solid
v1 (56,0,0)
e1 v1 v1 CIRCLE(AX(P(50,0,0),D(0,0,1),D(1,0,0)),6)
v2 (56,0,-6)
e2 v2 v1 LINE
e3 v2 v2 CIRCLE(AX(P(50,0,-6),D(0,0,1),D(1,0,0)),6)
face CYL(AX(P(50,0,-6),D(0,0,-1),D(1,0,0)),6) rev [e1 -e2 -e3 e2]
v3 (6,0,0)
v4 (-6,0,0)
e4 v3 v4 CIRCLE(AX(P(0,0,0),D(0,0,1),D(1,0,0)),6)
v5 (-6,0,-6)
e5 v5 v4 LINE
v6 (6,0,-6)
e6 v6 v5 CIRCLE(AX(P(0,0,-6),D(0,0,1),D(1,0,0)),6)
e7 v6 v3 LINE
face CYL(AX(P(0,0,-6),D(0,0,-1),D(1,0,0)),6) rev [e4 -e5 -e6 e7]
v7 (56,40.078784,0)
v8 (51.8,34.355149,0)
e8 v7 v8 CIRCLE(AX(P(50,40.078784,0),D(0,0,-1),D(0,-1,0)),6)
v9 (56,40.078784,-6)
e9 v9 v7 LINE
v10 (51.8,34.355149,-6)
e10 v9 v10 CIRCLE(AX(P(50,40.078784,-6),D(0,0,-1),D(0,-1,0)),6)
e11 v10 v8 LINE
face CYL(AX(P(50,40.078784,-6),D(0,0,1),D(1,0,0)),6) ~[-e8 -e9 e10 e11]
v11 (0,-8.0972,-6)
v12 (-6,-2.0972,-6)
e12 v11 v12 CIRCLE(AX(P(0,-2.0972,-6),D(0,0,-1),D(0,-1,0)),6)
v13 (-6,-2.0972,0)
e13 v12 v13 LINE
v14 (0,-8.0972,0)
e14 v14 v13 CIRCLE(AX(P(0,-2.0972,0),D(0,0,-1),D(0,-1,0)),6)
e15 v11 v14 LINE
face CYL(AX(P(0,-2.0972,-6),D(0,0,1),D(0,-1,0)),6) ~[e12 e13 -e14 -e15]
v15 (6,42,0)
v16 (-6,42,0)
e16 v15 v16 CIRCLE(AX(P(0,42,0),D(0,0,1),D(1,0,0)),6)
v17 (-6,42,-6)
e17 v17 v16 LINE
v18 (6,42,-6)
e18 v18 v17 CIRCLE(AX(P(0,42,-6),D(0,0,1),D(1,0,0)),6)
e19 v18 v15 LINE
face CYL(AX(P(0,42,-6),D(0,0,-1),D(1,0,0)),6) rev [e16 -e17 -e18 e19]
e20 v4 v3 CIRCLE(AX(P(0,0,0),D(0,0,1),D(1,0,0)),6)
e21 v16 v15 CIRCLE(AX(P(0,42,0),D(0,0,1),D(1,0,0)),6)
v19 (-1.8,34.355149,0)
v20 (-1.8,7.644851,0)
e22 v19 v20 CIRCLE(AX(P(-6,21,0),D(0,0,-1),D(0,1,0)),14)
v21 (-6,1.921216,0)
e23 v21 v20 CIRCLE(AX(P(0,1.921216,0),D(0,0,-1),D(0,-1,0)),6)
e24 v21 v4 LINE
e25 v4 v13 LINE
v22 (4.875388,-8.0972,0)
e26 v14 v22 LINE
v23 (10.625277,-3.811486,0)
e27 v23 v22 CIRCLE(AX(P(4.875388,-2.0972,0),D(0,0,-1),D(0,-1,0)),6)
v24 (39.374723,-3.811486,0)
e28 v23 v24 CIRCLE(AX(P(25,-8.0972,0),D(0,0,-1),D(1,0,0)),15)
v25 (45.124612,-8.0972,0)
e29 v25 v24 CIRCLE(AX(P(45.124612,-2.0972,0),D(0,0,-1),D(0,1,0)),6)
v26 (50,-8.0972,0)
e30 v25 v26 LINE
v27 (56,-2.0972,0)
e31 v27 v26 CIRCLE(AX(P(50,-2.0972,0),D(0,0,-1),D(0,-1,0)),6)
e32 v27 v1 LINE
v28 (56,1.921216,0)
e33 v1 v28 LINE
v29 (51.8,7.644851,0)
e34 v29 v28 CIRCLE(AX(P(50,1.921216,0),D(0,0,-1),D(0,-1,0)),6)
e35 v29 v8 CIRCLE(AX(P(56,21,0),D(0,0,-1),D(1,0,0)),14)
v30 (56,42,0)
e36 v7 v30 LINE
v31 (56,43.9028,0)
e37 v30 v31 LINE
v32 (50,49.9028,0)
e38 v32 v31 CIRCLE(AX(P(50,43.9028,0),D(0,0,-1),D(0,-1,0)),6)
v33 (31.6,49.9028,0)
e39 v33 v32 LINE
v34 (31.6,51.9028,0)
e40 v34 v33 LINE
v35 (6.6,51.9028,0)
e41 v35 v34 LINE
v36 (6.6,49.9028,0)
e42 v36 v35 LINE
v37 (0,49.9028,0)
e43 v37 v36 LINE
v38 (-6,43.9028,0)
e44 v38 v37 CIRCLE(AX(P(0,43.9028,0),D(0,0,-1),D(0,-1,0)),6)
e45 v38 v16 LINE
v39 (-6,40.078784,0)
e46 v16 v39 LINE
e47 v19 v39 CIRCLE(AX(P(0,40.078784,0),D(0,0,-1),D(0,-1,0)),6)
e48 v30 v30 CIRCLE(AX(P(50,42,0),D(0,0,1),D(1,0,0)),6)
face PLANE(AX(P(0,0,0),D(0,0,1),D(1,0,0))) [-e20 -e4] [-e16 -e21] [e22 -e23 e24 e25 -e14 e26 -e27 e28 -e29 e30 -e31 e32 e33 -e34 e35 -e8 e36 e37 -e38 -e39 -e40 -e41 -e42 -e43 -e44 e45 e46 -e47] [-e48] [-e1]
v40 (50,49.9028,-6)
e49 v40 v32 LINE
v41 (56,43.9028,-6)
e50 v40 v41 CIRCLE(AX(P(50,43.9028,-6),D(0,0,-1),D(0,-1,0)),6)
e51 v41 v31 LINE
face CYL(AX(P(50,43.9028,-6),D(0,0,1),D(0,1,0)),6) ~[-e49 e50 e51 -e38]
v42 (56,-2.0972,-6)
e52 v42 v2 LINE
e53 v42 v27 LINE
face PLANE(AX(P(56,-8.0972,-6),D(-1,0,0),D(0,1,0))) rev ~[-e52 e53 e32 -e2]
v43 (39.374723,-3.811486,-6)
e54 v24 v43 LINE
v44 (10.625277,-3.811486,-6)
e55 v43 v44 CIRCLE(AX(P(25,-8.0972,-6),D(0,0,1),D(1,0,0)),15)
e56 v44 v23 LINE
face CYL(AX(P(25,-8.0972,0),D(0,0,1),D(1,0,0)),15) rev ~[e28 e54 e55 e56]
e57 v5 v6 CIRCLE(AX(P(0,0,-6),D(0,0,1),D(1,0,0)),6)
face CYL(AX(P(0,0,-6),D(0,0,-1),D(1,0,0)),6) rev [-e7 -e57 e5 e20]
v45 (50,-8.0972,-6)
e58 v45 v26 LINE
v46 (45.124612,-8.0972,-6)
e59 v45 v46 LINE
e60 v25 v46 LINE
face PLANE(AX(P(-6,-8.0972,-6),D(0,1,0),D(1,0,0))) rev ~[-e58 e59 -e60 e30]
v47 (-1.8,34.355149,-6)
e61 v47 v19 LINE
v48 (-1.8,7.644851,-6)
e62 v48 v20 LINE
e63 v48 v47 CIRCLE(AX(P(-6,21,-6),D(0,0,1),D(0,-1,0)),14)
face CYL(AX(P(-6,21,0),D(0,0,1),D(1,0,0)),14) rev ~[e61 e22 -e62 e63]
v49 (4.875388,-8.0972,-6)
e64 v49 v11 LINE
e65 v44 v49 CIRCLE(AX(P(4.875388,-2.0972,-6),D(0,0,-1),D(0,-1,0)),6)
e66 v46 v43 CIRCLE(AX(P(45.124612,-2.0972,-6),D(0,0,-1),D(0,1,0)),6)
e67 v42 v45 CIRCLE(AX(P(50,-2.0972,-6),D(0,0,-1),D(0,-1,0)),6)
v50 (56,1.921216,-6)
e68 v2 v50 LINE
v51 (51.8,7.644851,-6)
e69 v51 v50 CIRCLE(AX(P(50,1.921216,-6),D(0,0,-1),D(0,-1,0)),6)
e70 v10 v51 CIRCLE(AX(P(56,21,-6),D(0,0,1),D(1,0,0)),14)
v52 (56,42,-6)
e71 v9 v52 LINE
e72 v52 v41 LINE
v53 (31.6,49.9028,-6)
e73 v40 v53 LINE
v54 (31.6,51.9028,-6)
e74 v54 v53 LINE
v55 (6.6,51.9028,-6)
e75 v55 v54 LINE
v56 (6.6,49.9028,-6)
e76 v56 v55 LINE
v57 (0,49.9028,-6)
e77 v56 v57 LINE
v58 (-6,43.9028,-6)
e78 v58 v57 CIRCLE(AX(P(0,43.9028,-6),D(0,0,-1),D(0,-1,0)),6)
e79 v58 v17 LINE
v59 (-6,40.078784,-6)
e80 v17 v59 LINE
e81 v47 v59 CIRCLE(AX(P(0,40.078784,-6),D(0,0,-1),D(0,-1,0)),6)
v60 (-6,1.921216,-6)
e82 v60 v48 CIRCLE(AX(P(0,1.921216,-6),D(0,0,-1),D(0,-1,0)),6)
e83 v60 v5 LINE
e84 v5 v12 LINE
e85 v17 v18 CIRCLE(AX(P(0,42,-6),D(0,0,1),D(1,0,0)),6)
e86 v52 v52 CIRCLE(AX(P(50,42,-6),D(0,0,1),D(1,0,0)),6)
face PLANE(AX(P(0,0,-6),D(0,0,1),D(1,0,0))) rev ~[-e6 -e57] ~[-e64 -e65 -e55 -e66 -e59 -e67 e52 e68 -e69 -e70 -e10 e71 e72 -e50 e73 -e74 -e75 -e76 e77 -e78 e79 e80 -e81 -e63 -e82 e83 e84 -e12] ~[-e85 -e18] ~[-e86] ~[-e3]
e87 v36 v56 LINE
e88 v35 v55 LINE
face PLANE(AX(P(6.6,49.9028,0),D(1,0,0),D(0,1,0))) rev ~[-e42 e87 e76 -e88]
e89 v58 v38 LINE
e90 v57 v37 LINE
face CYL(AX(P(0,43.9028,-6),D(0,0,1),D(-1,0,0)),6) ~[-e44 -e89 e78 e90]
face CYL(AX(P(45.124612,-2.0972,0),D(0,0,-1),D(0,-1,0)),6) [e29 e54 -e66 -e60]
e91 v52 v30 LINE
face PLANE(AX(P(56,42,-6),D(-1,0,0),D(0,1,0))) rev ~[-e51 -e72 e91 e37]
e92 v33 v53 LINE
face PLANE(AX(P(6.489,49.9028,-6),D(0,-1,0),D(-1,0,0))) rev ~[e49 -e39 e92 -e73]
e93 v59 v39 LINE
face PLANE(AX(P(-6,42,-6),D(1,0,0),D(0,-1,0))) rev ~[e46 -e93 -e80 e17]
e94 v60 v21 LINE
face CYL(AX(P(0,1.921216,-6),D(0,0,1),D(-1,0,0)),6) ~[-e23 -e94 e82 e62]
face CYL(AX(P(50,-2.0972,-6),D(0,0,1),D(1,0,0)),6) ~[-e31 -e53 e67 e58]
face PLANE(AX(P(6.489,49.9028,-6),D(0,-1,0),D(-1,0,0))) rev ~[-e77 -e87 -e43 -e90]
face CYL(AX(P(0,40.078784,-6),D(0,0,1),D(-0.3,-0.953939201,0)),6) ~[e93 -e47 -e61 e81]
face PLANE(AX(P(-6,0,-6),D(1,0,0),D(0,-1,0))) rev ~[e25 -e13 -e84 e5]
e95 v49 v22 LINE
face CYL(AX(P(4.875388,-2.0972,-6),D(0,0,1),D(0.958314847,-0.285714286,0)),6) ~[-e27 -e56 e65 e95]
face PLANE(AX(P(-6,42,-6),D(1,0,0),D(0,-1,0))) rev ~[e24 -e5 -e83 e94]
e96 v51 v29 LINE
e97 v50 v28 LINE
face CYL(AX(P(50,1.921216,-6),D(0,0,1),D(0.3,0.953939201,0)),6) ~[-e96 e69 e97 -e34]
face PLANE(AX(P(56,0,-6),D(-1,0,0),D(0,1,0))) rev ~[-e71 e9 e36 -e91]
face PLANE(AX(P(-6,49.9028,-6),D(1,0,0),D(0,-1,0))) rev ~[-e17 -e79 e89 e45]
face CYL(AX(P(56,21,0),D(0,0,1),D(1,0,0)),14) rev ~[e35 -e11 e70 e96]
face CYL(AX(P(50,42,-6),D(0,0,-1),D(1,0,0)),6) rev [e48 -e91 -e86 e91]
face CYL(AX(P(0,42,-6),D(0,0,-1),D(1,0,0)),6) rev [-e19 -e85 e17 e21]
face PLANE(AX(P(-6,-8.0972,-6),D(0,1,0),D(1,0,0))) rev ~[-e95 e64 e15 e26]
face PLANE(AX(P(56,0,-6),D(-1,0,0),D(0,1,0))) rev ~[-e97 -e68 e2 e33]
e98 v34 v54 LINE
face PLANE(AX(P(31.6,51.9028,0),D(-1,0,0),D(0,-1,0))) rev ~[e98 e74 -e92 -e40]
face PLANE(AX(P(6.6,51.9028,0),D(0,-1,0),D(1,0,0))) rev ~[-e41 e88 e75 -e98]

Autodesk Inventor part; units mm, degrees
ref_plane "YZ Plane" through (0, 0, 0) normal (1, 0, 0) x (0, 1, 0)
ref_plane "XZ Plane" through (0, 0, 0) normal (0, 1, 0) x (-1, 0, 0)
ref_plane "Arbeitsebene1" through (0, 0, -6) normal (0, 0, 1) x (1, 0, 0)
sketch "Skizze1" plane through (0, 0, -6) normal (0, 0, 1) x (1, 0, 0)
  circle A0 centre (0, 42) radius 6 projected
  circle A1 centre (50, 42) radius 6 projected
  circle A2 centre (50, 0) radius 6 projected
  circle A3 centre (0, 0) radius 6 projected
  line L0 (6.489, 48.9995) -> (6.489, 49.9028) projected
  line L1 (6.489, 49.9028) -> (-6, 49.9028) projected
  line L2 (-6, 49.9028) -> (-6, -8.0972) projected
  line L3 (-6, -8.0972) -> (5.7305, -8.0972) projected
  line L4 (5.7305, -8.0972) -> (5.7305, -4.6433) projected
  line L5 (5.7305, -4.6433) -> (25.1643, -4.6433) projected
  line L6 (25.1643, -4.6433) -> (13.6183, -0.9927) projected
  line L7 (13.6183, -0.9927) -> (6.9629, 3.2) projected
  line L8 (6.9629, 3.2) -> (-0.5, 23.5649) projected
  line L9 (-0.5, 23.5649) -> (2.346, 34.9379) projected
  line L10 (2.346, 34.9379) -> (18.55, 40.876) projected
  line L11 (18.55, 40.876) -> (19.7446, 48.9995)
  line L12 (19.7446, 48.9995) -> (6.489, 48.9995) projected
  circle A4 centre (0, 42) radius 3.2 projected
  circle A5 centre (0, 0) radius 3.2 projected
  line L13 (-6, -8.0972) -> (56, -8.0972)
  line L14 (56, -8.0972) -> (56, 49.9028)
  line L15 (56, 49.9028) -> (-6, 49.9028)
  line L16 (-6, 49.9028) -> (-6, -8.0972)
  circle A6 centre (25, 19) radius 21 projected
  line L17 (22.1022, 54.5009) -> (31.9971, 38.8) construction
  line L18 (31.9971, 54.5009) -> (22.1022, 38.8) construction
  point P0 (0, 0)
extrude "Extrusion1" add sketch "Skizze1" along normal blind 6 contours L2 L1 L0 L12 L11 L10 L9 L8 L7 L6 L5 L4 L3 | L15 L14 L13 L4 L5 L6 L7 L8 L9 L10 L11 L12 L0 | A6
sketch "Skizze2" plane through (0, 0, 0) normal (0, 0, 1) x (1, 0, 0)
  circle A0 centre (0, 42) radius 6 projected
  circle A1 centre (0, 0) radius 6 projected
  line L0 (56, -8.0972) -> (56, 0) projected
  circle A2 centre (50, 0) radius 6 projected
  line L1 (56, 0) -> (56, 42) projected
  circle A3 centre (50, 42) radius 6 projected
  line L2 (56, 42) -> (56, 49.9028) projected
  line L3 (56, 49.9028) -> (-6, 49.9028) projected
  line L4 (-6, 42) -> (-6, 0) projected
  circle A4 centre (-6, 21) radius 14
  line L5 (56, 0) -> (56, 42) projected
  circle A5 centre (56, 21) radius 14
  line L6 (-6, -8.0972) -> (56, -8.0972) projected
  circle A6 centre (25, -8.0972) radius 15
  line L7 (-6, -8.0972) -> (56, -8.0972) projected
  line L8 (-6, 49.9028) -> (-6, 42) projected
  line L9 (-6, 42) -> (-6, 0) projected
  line L10 (-6, 0) -> (-6, -8.0972) projected
  point P0 (0, 0)
  dimension "d3" = 28
  dimension "d4" = 28
  dimension "d5" = 30
extrude "Extrusion2" cut sketch "Skizze2" against normal blind 6 contours A4 L4 | L4 A4 | A5 L1 | L1 A5 | A6 L6 | L6 A6
fillet "Rundung1" radius 6 10 edges at (56, 35, -3) (56, 7, -3) (56, 49.9028, -3) (56, -8.0972, -3) (40, -8.0972, -3) (10, -8.0972, -3) (-6, -8.0972, -3) (-6, 7, -3) (-6, 35, -3) (-6, 49.9028, -3)
sketch "Skizze4" plane through (0, 0, 0) normal (0, 0, 1) x (1, 0, 0)
  arc A0 (0, 49.9028) -> (-6, 43.9028) centre (0, 43.9028) ccw projected
  line L0 (-6, 43.9028) -> (-6, 42) projected
  circle A1 centre (0, 42) radius 6 projected
  line L1 (-6, 42) -> (-6, 40.0788) projected
  arc A2 (-6, 40.0788) -> (-1.8, 34.3551) centre (0, 40.0788) ccw projected
  arc A3 (-1.8, 7.6449) -> (-1.8, 34.3551) centre (-6, 21) ccw projected
  arc A4 (-1.8, 7.6449) -> (-6, 1.9212) centre (0, 1.9212) ccw projected
  line L2 (-6, 1.9212) -> (-6, 0) projected
  circle A5 centre (0, 0) radius 6 projected
  line L3 (-6, 0) -> (-6, -2.0972) projected
  arc A6 (-6, -2.0972) -> (0, -8.0972) centre (0, -2.0972) ccw projected
  line L4 (0, -8.0972) -> (4.8754, -8.0972) projected
  arc A7 (4.8754, -8.0972) -> (10.6253, -3.8115) centre (4.8754, -2.0972) ccw projected
  arc A8 (39.3747, -3.8115) -> (10.6253, -3.8115) centre (25, -8.0972) ccw projected
  arc A9 (39.3747, -3.8115) -> (45.1246, -8.0972) centre (45.1246, -2.0972) ccw projected
  line L5 (45.1246, -8.0972) -> (50, -8.0972) projected
  arc A10 (50, -8.0972) -> (56, -2.0972) centre (50, -2.0972) ccw projected
  line L6 (56, -2.0972) -> (56, 0) projected
  circle A11 centre (50, 0) radius 6 projected
  line L7 (56, 0) -> (56, 1.9212) projected
  arc A12 (56, 1.9212) -> (51.8, 7.6449) centre (50, 1.9212) ccw projected
  arc A13 (51.8, 34.3551) -> (51.8, 7.6449) centre (56, 21) ccw projected
  arc A14 (51.8, 34.3551) -> (56, 40.0788) centre (50, 40.0788) ccw projected
  line L8 (56, 40.0788) -> (56, 42) projected
  circle A15 centre (50, 42) radius 6 projected
  line L9 (56, 42) -> (56, 43.9028) projected
  arc A16 (56, 43.9028) -> (50, 49.9028) centre (50, 43.9028) ccw projected
  line L10 (50, 49.9028) -> (0, 49.9028) projected
  line L11 (6.6, 89.7038) -> (6.6, 65.7038) projected
  line L12 (6.6, 65.7038) -> (31.6, 65.7038) projected
  line L13 (31.6, 65.7038) -> (31.6, 89.7038) projected
  line L14 (31.6, 89.7038) -> (6.6, 89.7038) projected
  circle A17 centre (29.6, 87.7038) radius 1.05 projected
  circle A18 centre (29.6, 75.2038) radius 1.05 projected
  circle A19 centre (8.6, 75.2038) radius 1.05 projected
  circle A20 centre (8.6, 87.7038) radius 1.05 projected
  line L15 (27.8, 85.1038) -> (26.58, 85.1038) projected
  line L16 (27.8, 84.3038) -> (27.8, 85.1038) projected
  line L17 (26.58, 84.3038) -> (27.8, 84.3038) projected
  line L18 (26.58, 85.1038) -> (26.58, 84.3038) projected
  line L19 (50, 49.9028) -> (0, 49.9028) projected
  line L20 (31.6, 49.9028) -> (6.6, 49.9028)
  line L21 (6.6, 49.9028) -> (6.6, 51.9028)
  line L22 (6.6, 51.9028) -> (31.6, 51.9028)
  line L23 (31.6, 51.9028) -> (31.6, 49.9028)
  point P0 (0, 0)
  dimension "d13" = 2
extrude "Extrusion4" add sketch "Skizze4" against normal blind 6 contours L21 L22 L23 L10
properties part number "20_Schlitten"
